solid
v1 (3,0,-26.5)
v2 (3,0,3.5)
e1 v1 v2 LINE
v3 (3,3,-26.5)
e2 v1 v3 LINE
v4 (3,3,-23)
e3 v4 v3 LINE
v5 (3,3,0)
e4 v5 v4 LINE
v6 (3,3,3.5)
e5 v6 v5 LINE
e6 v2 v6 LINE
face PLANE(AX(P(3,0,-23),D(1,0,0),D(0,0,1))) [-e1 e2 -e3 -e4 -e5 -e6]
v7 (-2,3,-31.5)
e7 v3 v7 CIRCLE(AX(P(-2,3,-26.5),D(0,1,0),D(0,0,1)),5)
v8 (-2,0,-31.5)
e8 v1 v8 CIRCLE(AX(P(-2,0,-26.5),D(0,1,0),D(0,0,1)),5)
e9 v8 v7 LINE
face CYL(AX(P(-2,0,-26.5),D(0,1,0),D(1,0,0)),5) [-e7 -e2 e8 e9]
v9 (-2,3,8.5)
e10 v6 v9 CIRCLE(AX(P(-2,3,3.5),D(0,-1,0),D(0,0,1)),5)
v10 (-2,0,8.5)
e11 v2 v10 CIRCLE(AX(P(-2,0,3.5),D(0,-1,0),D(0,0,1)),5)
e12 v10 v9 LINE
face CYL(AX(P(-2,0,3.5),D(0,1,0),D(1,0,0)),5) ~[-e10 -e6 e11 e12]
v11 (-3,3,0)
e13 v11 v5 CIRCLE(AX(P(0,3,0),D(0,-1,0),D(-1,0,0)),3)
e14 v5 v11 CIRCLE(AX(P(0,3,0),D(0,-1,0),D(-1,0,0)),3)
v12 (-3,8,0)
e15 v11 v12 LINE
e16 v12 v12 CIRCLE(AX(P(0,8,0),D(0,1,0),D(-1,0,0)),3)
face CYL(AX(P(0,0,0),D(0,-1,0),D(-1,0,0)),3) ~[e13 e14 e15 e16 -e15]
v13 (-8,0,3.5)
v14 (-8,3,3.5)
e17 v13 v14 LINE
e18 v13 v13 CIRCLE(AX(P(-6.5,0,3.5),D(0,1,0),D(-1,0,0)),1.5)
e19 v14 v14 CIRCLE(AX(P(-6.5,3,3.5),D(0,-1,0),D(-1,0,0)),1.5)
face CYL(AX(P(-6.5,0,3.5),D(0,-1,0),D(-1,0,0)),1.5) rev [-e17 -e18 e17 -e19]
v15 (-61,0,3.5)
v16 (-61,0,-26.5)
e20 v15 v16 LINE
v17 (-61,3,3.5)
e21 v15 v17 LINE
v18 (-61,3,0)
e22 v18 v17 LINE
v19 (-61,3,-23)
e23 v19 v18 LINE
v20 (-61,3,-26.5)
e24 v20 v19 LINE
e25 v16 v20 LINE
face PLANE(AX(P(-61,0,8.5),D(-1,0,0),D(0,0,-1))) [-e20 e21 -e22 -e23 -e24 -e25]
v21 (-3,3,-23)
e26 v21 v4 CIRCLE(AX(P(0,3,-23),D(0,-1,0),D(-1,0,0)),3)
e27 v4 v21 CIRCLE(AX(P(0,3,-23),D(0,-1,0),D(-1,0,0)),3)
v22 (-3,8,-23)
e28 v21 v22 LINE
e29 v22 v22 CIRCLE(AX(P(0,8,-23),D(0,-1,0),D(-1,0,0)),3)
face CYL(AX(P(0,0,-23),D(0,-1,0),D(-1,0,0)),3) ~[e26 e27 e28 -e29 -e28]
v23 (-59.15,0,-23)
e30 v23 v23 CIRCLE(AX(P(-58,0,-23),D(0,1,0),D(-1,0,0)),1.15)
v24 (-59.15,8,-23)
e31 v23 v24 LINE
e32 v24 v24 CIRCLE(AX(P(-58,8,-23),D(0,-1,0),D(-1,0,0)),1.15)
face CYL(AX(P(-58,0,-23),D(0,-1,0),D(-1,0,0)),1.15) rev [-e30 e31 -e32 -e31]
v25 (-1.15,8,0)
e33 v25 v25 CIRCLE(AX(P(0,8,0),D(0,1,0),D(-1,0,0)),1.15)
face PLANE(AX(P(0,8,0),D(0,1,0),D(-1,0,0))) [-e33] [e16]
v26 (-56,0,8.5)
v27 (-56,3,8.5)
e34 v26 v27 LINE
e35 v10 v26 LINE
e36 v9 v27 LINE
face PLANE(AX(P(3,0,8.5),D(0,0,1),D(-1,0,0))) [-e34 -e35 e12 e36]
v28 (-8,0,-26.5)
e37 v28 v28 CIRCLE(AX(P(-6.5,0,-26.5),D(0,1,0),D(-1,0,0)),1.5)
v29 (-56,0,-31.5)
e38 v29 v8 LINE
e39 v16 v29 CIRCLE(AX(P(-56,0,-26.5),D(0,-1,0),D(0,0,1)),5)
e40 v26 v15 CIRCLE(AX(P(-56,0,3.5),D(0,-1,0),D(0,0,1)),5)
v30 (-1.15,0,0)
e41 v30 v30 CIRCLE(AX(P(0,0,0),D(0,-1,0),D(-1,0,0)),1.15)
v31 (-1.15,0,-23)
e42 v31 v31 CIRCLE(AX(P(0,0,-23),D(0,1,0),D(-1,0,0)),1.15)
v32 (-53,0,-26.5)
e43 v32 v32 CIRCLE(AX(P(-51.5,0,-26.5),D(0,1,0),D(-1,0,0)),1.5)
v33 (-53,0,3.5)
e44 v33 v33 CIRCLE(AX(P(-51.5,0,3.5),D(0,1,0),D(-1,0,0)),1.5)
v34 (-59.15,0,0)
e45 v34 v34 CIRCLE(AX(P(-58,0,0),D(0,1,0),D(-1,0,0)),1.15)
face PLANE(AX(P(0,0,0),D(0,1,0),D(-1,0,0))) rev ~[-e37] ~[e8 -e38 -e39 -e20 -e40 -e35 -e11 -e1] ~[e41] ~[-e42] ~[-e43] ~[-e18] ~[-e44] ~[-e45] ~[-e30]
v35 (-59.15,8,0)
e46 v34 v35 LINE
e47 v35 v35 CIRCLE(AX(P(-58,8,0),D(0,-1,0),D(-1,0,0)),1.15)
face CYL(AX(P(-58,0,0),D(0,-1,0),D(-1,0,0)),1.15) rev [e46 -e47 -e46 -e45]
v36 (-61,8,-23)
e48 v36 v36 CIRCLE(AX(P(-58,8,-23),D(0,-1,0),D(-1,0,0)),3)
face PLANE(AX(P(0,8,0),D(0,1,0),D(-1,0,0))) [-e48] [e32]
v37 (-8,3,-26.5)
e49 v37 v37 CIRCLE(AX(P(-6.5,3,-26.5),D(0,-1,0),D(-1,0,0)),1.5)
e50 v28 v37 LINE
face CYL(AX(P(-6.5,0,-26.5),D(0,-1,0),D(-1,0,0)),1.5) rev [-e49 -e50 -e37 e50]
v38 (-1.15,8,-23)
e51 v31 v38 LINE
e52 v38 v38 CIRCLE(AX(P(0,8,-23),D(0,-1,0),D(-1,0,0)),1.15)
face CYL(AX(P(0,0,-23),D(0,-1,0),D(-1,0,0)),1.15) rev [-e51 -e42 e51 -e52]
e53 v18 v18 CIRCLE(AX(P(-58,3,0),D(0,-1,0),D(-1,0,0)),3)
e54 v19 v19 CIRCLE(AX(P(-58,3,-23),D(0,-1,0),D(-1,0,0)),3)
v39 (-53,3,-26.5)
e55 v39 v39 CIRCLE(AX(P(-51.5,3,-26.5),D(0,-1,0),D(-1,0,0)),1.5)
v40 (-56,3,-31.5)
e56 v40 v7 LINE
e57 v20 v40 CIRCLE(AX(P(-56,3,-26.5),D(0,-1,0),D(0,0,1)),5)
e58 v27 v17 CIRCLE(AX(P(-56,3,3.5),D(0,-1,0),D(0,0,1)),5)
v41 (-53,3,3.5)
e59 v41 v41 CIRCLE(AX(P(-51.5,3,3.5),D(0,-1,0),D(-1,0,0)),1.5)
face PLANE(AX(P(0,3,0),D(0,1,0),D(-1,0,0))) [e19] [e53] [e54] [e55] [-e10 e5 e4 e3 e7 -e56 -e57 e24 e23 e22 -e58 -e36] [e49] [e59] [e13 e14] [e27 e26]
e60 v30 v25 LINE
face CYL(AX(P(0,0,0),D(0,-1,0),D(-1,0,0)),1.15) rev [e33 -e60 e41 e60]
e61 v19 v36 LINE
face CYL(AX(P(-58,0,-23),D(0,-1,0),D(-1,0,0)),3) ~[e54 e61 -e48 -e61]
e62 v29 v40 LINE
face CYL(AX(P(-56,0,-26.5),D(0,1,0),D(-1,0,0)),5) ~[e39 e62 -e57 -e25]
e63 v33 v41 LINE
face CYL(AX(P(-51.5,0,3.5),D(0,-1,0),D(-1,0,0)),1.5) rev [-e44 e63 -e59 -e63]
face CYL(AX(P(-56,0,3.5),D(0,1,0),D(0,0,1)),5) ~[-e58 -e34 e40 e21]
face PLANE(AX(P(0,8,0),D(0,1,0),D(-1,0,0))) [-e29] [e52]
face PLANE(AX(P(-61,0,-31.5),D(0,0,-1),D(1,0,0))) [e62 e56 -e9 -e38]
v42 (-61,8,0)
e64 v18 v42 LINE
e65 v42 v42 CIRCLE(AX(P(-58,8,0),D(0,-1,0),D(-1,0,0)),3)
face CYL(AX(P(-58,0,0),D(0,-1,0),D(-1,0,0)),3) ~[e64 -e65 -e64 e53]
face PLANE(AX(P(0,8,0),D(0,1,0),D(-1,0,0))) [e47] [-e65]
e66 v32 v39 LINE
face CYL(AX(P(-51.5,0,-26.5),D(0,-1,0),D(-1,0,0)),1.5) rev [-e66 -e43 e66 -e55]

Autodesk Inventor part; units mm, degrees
ref_plane "YZ Plane" through (0, 0, 0) normal (1, 0, 0) x (0, 1, 0)
ref_plane "XZ Plane" through (0, 0, 0) normal (0, 1, 0) x (-1, 0, 0)
ref_plane "XY Plane" through (0, 0, 0) normal (0, 0, 1) x (1, 0, 0)
sketch "Sketch1" plane through (0, 0, 0) normal (0, 1, 0) x (-1, 0, 0)
  line L0 (0, 0) -> (58, 0)
  line L1 (58, 0) -> (58, -23)
  line L2 (58, -23) -> (0, -23)
  line L3 (0, -23) -> (0, 0)
  line L4 (6.5, 3.5) -> (51.5, 3.5)
  line L5 (51.5, 3.5) -> (51.5, -26.5)
  line L6 (51.5, -26.5) -> (6.5, -26.5)
  line L7 (6.5, -26.5) -> (6.5, 3.5)
  circle A0 centre (51.5, 3.5) radius 1.5
  circle A1 centre (51.5, -26.5) radius 1.5
  circle A2 centre (6.5, -26.5) radius 1.5
  circle A3 centre (6.5, 3.5) radius 1.5
  line L8 (-3, 8.5) -> (61, 8.5)
  line L9 (61, 8.5) -> (61, -31.5)
  line L10 (61, -31.5) -> (-3, -31.5)
  line L11 (-3, -31.5) -> (-3, 8.5)
  circle A4 centre (58, 0) radius 1.15
  circle A5 centre (58, -23) radius 1.15
  circle A6 centre (0, 0) radius 1.15
  circle A7 centre (0, -23) radius 1.15
  circle A8 centre (58, 0) radius 3
  circle A9 centre (58, -23) radius 3
  circle A10 centre (0, 0) radius 3
  circle A11 centre (0, -23) radius 3
  dimension "d0" = 23
  dimension "d1" = 58
  dimension "d2" = 45
  dimension "d3" = 30
  dimension "d4" = 3.5
  dimension "d6" = 3
  dimension "d7" = 3
  dimension "d8" = 3
  dimension "d9" = 3
  dimension "d10" = 9.5
  dimension "d11" = 5
  dimension "d12" = 5
  dimension "d13" = 9.5
  dimension "d14" = 2.3
  dimension "d15" = 2.3
  dimension "d16" = 2.3
  dimension "d17" = 2.3
  dimension "d18" = 6
  dimension "d19" = 6
  dimension "d20" = 6
  dimension "d21" = 6
  dimension "d28" = 6.5
extrude "Extrusion1" add sketch "Sketch1" along normal blind 3 contours A6 L3 A10 L0 | L0 A10 L3 A6 | A10 L11 L8 L9 A8 L0 L5 A0 L4 A3 L7 | L0 L7 L2 A11 L3 A10 | L3 A11 L11 A10 | L7 A3 L4 A0 L5 L0 | L0 L5 L2 L7 | A11 L2 A7 L3 | L3 A7 L2 A11 | L0 A8 L1 A9 L2 L5 | L7 A2 L6 A1 L5 L2 A9 L9 L10 L11 A11 | L2 L5 A1 L6 A2 L7 | A8 L1 A4 L0 | L0 A4 L1 A8 | L9 A9 L1 A8 | A9 L1 A5 L2 | L2 A5 L1 A9
extrude "Extrusion2" add sketch "Sketch1" along normal blind 8 contours A6 L3 A10 L0 | L0 A10 L3 A6 | A11 L2 A7 L3 | L3 A7 L2 A11 | A8 L1 A4 L0 | L0 A4 L1 A8 | A9 L1 A5 L2 | L2 A5 L1 A9
fillet "Fillet1" radius 5 4 edges at (-61, 1.5, 8.5) (3, 1.5, 8.5) (3, 1.5, -31.5) (-61, 1.5, -31.5)
properties part number "RaspberryMount"
